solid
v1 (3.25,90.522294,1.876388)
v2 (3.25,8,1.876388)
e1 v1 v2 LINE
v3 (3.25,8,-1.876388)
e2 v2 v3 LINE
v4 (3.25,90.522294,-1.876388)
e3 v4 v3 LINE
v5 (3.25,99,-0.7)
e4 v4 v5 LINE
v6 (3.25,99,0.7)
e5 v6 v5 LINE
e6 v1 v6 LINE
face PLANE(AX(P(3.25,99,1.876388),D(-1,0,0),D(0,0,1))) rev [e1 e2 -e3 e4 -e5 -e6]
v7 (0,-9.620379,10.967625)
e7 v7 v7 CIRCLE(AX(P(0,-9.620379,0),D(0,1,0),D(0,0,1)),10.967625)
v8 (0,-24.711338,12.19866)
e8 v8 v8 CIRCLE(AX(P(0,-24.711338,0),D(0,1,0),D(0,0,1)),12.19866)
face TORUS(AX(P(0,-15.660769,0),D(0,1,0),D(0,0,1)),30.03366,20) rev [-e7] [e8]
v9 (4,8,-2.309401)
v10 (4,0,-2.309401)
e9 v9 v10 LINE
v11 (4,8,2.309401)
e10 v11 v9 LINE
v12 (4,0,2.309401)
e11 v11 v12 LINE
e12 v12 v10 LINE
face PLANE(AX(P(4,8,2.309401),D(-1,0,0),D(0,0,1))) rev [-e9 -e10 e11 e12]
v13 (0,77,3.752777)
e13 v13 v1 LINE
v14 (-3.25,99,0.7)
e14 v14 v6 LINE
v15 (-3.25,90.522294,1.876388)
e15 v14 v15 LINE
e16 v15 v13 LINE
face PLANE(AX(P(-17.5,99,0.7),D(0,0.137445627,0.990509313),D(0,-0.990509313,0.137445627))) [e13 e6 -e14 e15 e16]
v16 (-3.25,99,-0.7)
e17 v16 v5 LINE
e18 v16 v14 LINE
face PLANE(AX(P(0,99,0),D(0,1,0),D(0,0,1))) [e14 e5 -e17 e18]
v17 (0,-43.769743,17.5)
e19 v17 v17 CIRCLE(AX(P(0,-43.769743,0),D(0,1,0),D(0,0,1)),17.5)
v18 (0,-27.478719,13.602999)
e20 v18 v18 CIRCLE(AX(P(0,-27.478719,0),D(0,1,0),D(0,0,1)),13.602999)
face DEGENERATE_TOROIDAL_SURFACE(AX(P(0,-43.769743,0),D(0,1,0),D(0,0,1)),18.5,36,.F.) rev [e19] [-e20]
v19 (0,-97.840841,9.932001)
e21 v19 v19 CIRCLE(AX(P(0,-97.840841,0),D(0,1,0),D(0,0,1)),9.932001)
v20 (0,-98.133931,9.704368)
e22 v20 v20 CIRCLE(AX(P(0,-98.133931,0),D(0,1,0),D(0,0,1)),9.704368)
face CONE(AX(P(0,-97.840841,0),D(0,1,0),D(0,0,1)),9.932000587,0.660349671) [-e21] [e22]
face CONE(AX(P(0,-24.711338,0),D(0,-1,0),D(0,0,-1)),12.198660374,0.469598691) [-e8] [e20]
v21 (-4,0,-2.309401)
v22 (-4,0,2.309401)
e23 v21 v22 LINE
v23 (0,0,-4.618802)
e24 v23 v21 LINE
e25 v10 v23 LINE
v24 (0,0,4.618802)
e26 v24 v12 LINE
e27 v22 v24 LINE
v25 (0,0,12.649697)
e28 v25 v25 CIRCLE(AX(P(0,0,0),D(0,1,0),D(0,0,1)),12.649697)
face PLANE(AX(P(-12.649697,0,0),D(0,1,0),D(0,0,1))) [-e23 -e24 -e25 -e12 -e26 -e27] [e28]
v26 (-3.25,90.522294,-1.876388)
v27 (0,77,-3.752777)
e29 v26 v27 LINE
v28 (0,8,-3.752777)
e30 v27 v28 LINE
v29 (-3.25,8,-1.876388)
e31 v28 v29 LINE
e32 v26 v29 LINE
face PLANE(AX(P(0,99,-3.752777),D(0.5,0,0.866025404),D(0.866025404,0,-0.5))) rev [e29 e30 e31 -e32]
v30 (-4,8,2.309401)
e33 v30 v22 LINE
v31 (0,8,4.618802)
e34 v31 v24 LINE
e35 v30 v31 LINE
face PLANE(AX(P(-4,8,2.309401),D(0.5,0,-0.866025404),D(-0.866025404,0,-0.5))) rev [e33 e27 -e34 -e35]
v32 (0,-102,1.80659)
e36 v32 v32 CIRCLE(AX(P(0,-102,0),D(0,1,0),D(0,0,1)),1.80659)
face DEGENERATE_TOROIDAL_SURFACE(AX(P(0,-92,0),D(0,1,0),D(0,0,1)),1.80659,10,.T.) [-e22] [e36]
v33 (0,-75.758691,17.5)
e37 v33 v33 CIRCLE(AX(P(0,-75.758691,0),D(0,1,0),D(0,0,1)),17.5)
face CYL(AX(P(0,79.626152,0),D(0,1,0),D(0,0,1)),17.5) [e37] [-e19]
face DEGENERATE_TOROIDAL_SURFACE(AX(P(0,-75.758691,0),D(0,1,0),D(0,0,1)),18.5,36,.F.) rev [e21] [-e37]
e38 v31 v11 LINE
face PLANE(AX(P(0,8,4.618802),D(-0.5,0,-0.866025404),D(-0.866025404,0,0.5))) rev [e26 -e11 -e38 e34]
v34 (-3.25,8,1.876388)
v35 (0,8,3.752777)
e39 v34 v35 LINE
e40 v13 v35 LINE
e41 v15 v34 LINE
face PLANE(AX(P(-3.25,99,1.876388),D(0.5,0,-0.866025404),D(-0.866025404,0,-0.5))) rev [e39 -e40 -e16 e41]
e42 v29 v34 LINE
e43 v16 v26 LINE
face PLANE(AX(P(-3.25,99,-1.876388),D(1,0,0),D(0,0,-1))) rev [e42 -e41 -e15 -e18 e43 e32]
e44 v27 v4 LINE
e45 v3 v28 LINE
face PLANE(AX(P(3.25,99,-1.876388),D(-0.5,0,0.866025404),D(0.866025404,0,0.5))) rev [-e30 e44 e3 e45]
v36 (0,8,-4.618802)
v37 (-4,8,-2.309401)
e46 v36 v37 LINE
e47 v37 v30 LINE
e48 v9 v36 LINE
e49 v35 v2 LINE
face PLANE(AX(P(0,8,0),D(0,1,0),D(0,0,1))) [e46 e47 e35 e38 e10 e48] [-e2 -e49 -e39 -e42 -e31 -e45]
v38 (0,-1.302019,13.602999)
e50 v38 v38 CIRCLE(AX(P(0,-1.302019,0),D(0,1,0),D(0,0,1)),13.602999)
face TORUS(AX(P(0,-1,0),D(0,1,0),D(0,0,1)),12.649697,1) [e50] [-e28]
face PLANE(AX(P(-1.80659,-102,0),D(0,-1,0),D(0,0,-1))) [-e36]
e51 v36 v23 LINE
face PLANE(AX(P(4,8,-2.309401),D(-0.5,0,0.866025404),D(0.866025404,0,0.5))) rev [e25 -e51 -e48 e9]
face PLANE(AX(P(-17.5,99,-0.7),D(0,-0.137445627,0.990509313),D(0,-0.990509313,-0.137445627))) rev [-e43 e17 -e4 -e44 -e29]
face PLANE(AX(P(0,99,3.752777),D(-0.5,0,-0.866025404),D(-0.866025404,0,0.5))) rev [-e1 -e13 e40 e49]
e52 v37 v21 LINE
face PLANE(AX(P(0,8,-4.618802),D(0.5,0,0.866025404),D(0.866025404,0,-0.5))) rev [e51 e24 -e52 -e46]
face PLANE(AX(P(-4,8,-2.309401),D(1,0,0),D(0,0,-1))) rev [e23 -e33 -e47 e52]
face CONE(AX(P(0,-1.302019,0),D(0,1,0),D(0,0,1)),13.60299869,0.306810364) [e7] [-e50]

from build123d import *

# Parameters (mm, degrees)
AUFSATZ_LINEAR_AUSTRAGEN1_DEPTH      = 8
AUFSATZ_LINEAR_AUSTRAGEN2_DEPTH      = 91
SCHNITT_LINEAR_AUSTRAGEN1_DEPTH      = 105.959516136
SCHNITT_LINEAR_AUSTRAGEN1_DEPTH_BACK = 105.959516136


with BuildPart() as part:
    # Skizze1 → Rotation3 (revolve)
    with BuildSketch(Plane.XY, mode=Mode.PRIVATE) as rotation3_sk:
        with BuildLine():
            Line((-9.704368381, -98.133930518), (-9.932000587, -97.840841346))
            ThreePointArc((-9.932000587, -97.840841346), (-15.555484295, -87.430194788), (-17.5, -75.758691482))
            Line((-17.5, -75.758691482), (-17.5, -43.769743195))
            ThreePointArc((-17.5, -43.769743195), (-16.512197538, -35.394420898), (-13.60299869, -27.478718823))
            Line((-13.60299869, -27.478718823), (-12.198660374, -24.711337836))
            ThreePointArc((-12.198660374, -24.711337836), (-10.099873178, -17.28685515), (-10.967624651, -9.620378892))
            Line((-10.967624651, -9.620378892), (-13.60299869, -1.302019492))
            ThreePointArc((-13.60299869, -1.302019492), (-13.45654869, -0.409246029), (-12.649696941, 0))
            Line((-12.649696941, 0), (0, 0))
            Line((0, 0), (0, -102))
            Line((0, -102), (-1.80659044, -102))
            ThreePointArc((-1.80659044, -102), (-6.203219536, -100.981628616), (-9.704368381, -98.133930518))
        make_face()
    revolve(rotation3_sk.sketch.rotate(Axis((0, 79.626152289, 0), (0, -1, 0)), 270), axis=Axis((0, 79.626152289, 0), (0, -1, 0)))

    # Skizze2 → Aufsatz-Linear austragen1 (add)
    with BuildSketch(Plane(origin=(0, 0, 0), x_dir=(1, 0, 0), z_dir=(0, 1, 0))):
        Polygon((-4, -2.309401077), (0, -4.618802154), (4, -2.309401077), (4, 2.309401077), (0, 4.618802154), (-4, 2.309401077), align=None)
    extrude(amount=AUFSATZ_LINEAR_AUSTRAGEN1_DEPTH)

    # Skizze3 → Aufsatz-Linear austragen2 (add)
    with BuildSketch(Plane(origin=(0, 8, 0), x_dir=(1, 0, 0), z_dir=(0, 1, 0))):
        Polygon((-3.25, -1.876388375), (0, -3.75277675), (3.25, -1.876388375), (3.25, 1.876388375), (0, 3.75277675), (-3.25, 1.876388375), align=None)
    extrude(amount=AUFSATZ_LINEAR_AUSTRAGEN2_DEPTH)

    # Skizze4 → Schnitt-Linear austragen1 (cut, two sides: drawn at the far end of the back side and taken through both)
    with BuildSketch(Plane(origin=(0, 0, 0), x_dir=(0, 0, -1), z_dir=(1, 0, 0)).offset(-SCHNITT_LINEAR_AUSTRAGEN1_DEPTH_BACK)):
        Polygon((-0.7, 99), (-3.75277675, 77), (-3.75277675, 99), align=None)
        Polygon((0.7, 99), (3.75277675, 77), (3.75277675, 99), align=None)
    extrude(amount=SCHNITT_LINEAR_AUSTRAGEN1_DEPTH + SCHNITT_LINEAR_AUSTRAGEN1_DEPTH_BACK, mode=Mode.SUBTRACT)


solid = part.part
